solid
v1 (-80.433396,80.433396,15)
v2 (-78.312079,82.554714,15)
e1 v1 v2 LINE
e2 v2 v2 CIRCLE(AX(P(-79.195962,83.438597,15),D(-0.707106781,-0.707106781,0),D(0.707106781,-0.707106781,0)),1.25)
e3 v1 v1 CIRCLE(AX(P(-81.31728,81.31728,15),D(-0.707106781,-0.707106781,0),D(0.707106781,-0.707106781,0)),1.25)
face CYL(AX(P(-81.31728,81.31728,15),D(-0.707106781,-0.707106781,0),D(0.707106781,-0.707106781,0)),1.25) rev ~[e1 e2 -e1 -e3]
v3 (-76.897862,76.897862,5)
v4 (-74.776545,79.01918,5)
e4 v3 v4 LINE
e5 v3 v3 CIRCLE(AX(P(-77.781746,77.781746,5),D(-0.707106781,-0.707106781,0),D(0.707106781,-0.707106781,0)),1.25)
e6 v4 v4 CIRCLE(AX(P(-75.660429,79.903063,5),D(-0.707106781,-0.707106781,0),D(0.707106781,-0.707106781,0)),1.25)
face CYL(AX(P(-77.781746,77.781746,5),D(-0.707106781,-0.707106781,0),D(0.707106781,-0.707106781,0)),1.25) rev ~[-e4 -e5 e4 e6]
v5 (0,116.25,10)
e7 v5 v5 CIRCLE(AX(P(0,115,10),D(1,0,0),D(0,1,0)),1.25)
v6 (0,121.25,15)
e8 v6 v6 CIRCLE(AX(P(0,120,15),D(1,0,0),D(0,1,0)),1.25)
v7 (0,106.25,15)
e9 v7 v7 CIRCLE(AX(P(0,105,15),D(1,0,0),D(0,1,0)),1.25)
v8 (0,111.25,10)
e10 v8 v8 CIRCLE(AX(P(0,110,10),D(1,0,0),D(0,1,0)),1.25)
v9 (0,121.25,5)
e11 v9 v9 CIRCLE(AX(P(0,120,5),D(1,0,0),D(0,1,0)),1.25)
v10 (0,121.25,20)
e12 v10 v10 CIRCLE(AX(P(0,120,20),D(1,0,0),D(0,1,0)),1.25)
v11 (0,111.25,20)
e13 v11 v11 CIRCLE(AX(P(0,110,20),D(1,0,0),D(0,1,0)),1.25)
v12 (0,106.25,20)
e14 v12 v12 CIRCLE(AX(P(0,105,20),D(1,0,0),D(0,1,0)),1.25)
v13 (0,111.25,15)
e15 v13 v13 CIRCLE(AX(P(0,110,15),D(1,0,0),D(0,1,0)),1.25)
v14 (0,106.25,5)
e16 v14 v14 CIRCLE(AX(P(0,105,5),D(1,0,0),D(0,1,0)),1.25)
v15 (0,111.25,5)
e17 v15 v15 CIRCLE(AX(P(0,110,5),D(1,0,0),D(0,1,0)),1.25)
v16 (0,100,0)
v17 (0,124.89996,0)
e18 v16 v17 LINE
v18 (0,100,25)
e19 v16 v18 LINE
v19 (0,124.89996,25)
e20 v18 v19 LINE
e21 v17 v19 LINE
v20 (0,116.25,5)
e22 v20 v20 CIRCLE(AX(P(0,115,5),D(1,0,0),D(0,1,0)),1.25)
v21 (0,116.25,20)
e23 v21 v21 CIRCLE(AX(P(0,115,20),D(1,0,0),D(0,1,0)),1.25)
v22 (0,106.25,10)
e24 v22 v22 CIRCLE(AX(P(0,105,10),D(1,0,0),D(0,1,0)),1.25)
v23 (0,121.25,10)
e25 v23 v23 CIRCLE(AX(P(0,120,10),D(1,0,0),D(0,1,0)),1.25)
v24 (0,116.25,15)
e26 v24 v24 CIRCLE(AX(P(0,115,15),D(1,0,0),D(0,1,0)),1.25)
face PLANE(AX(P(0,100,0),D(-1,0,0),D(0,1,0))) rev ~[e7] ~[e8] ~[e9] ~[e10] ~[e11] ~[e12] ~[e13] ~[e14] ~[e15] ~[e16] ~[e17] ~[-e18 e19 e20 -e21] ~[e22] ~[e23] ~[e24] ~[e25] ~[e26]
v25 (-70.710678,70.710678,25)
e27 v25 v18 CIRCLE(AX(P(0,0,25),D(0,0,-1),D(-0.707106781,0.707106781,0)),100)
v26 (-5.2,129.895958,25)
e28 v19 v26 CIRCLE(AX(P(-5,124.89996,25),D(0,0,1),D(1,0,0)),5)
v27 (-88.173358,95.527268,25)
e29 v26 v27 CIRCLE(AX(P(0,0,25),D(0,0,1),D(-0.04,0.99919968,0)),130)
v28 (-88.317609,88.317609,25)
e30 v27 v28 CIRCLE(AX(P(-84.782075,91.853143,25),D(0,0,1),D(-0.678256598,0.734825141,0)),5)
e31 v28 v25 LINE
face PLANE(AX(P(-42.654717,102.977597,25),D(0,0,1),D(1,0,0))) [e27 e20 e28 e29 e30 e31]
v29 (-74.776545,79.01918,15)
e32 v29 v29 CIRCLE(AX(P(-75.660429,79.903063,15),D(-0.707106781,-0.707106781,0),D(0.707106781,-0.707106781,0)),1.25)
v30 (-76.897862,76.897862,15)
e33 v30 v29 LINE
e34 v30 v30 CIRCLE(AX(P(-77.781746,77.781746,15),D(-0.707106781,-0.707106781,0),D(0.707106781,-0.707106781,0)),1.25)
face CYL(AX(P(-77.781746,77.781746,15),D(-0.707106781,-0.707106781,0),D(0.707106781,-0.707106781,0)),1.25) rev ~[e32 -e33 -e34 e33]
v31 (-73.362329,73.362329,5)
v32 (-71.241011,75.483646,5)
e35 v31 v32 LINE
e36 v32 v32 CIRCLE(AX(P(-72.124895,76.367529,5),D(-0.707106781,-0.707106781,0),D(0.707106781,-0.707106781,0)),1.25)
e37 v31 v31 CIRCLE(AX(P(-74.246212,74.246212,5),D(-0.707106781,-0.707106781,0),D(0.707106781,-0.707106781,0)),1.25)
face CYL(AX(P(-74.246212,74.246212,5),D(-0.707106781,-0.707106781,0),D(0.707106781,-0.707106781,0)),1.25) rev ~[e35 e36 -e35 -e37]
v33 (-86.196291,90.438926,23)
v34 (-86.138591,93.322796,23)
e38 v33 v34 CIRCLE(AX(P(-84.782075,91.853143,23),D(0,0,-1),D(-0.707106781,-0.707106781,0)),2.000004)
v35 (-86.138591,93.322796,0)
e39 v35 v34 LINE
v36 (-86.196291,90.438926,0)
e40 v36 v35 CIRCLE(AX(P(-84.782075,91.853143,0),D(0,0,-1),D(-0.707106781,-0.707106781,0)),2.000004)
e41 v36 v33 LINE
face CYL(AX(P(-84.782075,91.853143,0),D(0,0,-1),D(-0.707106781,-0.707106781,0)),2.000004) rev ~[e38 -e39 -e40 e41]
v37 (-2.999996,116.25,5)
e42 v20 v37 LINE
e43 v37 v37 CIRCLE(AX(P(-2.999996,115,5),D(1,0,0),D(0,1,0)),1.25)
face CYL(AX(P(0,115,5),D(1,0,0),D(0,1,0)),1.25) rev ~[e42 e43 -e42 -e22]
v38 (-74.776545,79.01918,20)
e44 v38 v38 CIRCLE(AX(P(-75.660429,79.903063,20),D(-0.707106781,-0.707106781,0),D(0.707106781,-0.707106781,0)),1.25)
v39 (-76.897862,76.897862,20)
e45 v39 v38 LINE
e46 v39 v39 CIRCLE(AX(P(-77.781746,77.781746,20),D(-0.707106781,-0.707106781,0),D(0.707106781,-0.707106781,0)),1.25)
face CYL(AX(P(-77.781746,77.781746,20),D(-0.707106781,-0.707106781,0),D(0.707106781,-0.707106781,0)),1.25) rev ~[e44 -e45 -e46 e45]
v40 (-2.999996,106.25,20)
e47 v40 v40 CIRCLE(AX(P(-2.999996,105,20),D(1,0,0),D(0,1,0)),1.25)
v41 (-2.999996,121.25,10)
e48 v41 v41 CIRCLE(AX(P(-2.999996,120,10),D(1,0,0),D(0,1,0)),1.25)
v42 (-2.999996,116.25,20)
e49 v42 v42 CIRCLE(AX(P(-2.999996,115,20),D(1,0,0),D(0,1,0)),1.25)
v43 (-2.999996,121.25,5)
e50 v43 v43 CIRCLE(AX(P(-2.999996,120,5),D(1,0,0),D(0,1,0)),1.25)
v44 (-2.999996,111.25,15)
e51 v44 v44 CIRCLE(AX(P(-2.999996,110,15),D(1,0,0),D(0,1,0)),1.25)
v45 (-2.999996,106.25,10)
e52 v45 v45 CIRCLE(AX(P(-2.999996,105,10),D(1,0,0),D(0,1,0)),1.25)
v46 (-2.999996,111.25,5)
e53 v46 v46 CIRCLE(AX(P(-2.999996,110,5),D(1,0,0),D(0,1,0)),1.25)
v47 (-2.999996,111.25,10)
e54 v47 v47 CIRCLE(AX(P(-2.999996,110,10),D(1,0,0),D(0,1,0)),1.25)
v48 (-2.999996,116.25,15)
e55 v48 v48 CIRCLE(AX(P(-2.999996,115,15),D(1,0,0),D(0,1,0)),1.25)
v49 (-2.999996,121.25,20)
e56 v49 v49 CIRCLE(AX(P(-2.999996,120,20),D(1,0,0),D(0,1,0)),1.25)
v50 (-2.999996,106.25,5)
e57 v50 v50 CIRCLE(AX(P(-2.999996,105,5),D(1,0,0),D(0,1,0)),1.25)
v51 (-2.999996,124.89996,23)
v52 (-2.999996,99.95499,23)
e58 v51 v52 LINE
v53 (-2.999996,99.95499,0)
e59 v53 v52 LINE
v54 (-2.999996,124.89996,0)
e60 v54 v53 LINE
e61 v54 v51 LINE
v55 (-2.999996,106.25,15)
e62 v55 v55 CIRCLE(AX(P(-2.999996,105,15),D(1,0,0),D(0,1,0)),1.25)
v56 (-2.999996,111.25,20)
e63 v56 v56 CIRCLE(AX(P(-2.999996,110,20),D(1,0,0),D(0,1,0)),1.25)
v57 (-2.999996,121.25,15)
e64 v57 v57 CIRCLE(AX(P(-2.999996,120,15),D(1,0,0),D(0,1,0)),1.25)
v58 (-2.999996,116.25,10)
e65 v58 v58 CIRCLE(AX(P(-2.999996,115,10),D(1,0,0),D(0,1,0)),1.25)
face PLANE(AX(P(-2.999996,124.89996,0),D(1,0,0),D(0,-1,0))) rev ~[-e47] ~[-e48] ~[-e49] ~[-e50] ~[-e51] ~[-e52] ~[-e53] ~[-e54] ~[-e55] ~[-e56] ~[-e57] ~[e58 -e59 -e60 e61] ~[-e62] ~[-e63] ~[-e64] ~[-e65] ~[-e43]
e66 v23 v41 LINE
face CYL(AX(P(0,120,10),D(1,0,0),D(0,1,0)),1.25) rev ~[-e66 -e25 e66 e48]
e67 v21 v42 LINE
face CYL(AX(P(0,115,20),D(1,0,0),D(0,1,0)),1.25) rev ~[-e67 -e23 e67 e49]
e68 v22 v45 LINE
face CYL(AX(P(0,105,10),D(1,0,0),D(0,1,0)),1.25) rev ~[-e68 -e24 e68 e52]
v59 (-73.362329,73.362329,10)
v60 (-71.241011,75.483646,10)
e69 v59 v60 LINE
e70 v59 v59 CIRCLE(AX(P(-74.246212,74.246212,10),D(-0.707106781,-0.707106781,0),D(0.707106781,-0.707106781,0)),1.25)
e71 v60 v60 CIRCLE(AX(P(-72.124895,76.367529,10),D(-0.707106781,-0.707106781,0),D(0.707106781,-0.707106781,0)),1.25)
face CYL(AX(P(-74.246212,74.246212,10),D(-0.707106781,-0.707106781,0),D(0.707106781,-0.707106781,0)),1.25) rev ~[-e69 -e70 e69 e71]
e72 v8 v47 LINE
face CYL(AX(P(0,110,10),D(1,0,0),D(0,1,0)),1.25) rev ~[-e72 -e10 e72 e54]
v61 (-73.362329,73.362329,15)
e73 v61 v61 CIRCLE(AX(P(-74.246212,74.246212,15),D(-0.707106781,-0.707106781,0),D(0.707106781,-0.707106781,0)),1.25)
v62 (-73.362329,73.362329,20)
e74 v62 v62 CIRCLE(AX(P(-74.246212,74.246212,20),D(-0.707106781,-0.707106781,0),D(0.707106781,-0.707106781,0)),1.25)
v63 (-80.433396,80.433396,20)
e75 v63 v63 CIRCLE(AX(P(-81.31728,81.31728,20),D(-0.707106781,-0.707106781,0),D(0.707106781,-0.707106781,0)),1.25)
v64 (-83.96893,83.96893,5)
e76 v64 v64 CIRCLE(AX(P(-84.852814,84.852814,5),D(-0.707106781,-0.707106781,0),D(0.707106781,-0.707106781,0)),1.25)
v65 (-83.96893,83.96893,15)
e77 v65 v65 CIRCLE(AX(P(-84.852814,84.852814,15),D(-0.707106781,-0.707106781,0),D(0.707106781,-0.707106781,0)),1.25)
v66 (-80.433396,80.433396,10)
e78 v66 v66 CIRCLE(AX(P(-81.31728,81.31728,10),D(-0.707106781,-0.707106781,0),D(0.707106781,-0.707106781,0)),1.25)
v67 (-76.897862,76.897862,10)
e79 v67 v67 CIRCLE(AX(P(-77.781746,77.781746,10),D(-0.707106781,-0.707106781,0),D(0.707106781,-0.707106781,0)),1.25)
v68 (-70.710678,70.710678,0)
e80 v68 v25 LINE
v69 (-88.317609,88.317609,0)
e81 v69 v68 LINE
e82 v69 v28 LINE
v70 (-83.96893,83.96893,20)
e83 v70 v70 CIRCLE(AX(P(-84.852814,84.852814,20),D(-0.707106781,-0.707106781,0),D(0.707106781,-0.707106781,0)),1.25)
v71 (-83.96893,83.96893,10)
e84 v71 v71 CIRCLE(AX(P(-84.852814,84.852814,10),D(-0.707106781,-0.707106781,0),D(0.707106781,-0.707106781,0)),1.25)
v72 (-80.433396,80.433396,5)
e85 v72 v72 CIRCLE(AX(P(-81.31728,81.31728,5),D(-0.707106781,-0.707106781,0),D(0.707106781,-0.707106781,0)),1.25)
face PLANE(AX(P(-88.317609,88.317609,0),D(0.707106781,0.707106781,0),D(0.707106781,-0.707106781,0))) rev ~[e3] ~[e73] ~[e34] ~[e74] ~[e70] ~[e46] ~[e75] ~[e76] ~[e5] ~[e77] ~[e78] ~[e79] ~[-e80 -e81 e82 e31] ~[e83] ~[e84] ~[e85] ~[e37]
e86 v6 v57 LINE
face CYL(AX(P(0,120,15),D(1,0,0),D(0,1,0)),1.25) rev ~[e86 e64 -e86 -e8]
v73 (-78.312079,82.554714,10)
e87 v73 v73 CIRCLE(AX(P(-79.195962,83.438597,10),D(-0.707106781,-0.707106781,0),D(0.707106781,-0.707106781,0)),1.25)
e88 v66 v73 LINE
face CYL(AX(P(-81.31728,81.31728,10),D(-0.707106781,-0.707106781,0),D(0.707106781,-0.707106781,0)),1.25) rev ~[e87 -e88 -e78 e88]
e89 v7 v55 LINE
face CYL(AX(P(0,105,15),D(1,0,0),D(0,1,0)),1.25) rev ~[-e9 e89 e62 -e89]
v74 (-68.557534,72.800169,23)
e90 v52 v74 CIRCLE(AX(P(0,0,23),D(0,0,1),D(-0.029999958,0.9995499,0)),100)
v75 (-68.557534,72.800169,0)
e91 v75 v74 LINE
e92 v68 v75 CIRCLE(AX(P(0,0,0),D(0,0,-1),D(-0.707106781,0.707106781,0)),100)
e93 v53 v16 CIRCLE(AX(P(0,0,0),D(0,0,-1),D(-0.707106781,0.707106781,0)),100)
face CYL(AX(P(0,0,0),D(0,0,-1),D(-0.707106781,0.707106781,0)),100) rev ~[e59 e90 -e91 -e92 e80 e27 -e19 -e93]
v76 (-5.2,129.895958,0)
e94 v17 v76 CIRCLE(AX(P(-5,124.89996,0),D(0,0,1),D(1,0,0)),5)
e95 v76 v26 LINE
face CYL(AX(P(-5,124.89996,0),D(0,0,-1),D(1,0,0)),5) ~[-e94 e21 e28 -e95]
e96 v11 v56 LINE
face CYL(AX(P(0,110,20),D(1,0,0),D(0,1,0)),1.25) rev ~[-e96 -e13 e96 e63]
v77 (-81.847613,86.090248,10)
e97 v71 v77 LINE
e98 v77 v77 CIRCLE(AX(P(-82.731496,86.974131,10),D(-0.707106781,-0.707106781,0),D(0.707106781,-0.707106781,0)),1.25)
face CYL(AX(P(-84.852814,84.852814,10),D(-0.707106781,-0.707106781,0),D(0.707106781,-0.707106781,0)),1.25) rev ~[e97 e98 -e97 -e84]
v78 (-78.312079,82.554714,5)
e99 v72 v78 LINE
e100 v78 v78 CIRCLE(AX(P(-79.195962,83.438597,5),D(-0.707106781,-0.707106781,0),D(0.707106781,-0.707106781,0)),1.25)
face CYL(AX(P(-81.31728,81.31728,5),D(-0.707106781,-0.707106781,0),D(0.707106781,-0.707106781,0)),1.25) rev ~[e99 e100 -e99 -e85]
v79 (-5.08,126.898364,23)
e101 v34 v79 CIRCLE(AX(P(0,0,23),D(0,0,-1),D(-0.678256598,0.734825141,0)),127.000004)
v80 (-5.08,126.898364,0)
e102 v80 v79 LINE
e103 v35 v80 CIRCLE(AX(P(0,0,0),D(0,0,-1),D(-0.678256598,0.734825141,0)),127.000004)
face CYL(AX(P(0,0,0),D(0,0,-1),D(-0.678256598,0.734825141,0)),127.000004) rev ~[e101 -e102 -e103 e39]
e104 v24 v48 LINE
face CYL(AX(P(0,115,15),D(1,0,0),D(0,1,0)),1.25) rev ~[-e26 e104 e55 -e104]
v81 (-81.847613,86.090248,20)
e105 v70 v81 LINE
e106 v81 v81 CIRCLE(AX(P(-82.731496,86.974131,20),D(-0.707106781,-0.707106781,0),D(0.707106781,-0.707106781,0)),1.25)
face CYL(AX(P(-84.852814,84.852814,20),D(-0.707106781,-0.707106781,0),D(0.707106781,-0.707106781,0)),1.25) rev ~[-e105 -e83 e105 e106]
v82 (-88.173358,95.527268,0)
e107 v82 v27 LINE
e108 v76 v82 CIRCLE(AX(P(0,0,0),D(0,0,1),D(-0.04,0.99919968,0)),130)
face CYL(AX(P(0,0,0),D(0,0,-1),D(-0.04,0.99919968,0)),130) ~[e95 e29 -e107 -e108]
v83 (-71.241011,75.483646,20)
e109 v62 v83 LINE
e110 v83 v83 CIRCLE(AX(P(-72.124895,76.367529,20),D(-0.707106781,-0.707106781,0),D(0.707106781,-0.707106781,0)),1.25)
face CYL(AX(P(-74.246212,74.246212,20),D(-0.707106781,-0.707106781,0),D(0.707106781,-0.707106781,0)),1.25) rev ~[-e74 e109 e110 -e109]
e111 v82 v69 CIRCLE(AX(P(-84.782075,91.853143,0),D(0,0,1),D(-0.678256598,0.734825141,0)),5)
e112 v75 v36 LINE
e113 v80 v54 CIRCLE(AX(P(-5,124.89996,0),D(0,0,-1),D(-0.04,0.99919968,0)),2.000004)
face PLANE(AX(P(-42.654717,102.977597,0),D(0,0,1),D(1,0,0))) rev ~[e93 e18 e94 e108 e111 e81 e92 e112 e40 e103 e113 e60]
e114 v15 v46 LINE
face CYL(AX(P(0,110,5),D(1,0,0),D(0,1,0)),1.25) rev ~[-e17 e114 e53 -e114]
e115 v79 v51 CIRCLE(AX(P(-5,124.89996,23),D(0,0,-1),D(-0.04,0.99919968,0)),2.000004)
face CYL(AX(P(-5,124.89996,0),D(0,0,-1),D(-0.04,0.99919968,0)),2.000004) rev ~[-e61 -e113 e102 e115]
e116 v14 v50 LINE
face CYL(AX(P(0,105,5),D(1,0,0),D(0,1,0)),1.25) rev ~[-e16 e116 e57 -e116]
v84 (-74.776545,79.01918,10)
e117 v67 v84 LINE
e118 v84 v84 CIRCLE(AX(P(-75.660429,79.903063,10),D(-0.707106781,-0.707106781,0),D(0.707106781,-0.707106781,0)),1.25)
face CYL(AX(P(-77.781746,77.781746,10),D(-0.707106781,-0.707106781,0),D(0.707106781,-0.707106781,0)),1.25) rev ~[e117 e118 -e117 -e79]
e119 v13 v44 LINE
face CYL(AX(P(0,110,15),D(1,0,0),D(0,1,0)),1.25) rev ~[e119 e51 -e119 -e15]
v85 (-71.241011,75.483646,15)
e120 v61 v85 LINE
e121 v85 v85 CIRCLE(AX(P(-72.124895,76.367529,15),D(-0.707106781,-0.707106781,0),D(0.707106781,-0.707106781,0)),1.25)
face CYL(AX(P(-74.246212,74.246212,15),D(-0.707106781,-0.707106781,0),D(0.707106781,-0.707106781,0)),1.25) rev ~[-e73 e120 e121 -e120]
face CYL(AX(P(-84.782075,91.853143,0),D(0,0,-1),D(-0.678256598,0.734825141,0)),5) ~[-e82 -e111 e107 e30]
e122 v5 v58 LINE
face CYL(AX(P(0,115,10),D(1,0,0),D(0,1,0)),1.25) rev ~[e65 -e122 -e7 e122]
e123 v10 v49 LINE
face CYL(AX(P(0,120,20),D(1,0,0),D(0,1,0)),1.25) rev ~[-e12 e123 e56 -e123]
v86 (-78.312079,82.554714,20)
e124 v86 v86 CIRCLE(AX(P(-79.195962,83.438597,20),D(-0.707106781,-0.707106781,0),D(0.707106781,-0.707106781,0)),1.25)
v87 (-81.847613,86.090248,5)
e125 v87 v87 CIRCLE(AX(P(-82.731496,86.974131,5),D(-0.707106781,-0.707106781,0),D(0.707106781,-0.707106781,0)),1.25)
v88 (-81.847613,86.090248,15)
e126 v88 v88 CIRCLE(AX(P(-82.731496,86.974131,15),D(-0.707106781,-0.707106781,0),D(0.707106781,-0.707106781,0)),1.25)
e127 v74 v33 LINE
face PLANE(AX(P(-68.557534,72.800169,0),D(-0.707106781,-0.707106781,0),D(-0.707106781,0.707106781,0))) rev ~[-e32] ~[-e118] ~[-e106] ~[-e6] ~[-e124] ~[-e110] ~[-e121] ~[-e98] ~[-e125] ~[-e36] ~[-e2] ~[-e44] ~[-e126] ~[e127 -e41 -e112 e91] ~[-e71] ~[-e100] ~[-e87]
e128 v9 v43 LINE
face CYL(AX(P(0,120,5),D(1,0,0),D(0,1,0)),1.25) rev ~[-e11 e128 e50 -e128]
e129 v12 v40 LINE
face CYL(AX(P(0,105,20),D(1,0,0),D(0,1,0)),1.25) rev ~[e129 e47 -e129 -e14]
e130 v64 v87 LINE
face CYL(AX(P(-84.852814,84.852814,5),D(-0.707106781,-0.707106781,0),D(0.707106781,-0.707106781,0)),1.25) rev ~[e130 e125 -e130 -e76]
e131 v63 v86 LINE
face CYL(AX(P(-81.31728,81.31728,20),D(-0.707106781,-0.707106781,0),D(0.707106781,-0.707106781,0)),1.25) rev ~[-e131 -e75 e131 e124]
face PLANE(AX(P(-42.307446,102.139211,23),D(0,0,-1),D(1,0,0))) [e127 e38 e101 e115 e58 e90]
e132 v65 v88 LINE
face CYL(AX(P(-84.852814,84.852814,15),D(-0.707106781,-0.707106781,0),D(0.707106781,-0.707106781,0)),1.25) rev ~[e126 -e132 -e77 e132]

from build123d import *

# Parameters (mm, degrees)
F1_DEPTH = 25
F3_DEPTH = 23
F4_R     = 1.25
F5_DEPTH = 3
F6_R     = 1.25
F7_DEPTH = 3


with BuildPart() as f1:
    # F0 (on Top) → F1 (new body)
    with BuildSketch(Plane.XY):
        with BuildLine():
            ThreePointArc((-70.7106781187, 70.7106781187), (-38.2683432365, 92.3879532511), (0, 100))
            Line((0, 100), (0, 124.899959968))
            ThreePointArc((0, 124.899959968), (-1.5358983849, 128.5055112434), (-5.2, 129.8959583667))
            ThreePointArc((-5.2, 129.8959583667), (-49.7488462075, 120.1043392265), (-88.1733577476, 95.527268272))
            ThreePointArc((-88.1733577476, 95.527268272), (-89.7810742569, 91.9531625832), (-88.3176086633, 88.3176086633))
            Line((-88.3176086633, 88.3176086633), (-70.7106781187, 70.7106781187))
        make_face()
    extrude(amount=F1_DEPTH)

    # F2 (on face) → F3 (cut)
    with BuildSketch(Plane(origin=(0, 0, 0), x_dir=(1, 0, 0), z_dir=(0, 0, -1))):
        with BuildLine():
            ThreePointArc((-86.1962913084, -90.4389260182), (-86.7816787829, -91.8931506594), (-86.1385908202, -93.3227959561))
            ThreePointArc((-86.1385908202, -93.3227959561), (-48.6007975278, -117.3327045338), (-5.0800001691, -126.8983635506))
            ThreePointArc((-5.0800001691, -126.8983635506), (-3.6143564257, -126.342183526), (-2.9999957734, -124.899959968))
            Line((-2.9999957734, -124.899959968), (-2.9999957734, -102.9562973047))
            Line((-2.9999957734, -102.9562973047), (-2.9999957734, -99.9549899973))
            ThreePointArc((-2.9999957734, -99.9549899973), (-38.2683432365, -92.3879532511), (-68.5575338856, -72.8001685954))
            Line((-68.5575338856, -72.8001685954), (-70.6797786351, -74.9224133449))
            Line((-70.6797786351, -74.9224133449), (-86.1962913084, -90.4389260182))
        make_face()
    extrude(amount=-F3_DEPTH, mode=Mode.SUBTRACT)

    # F4 (on face) → F5 (cut)
    with BuildSketch(Plane(origin=(0, 0, 0), x_dir=(0.7071067812, -0.7071067812, 0), z_dir=(-0.7071067812, -0.7071067812, 0))):
        with Locations((-105, 20)):
            Circle(F4_R)
        with Locations((-105, 15)):
            Circle(F4_R)
        with Locations((-105, 10)):
            Circle(F4_R)
        with Locations((-105, 5)):
            Circle(F4_R)
        with Locations((-110, 20)):
            Circle(F4_R)
        with Locations((-110, 15)):
            Circle(F4_R)
        with Locations((-110, 10)):
            Circle(F4_R)
        with Locations((-110, 5)):
            Circle(F4_R)
        with Locations((-115, 20)):
            Circle(F4_R)
        with Locations((-115, 15)):
            Circle(F4_R)
        with Locations((-115, 10)):
            Circle(F4_R)
        with Locations((-115, 5)):
            Circle(F4_R)
        with Locations((-120, 20)):
            Circle(F4_R)
        with Locations((-120, 15)):
            Circle(F4_R)
        with Locations((-120, 10)):
            Circle(F4_R)
        with Locations((-120, 5)):
            Circle(F4_R)
    extrude(amount=-F5_DEPTH, mode=Mode.SUBTRACT)

    # F6 (on face) → F7 (cut)
    with BuildSketch(Plane.YZ):
        with Locations((105, 20)):
            Circle(F6_R)
        with Locations((105, 15)):
            Circle(F6_R)
        with Locations((105, 10)):
            Circle(F6_R)
        with Locations((105, 5)):
            Circle(F6_R)
        with Locations((110, 20)):
            Circle(F6_R)
        with Locations((110, 15)):
            Circle(F6_R)
        with Locations((110, 10)):
            Circle(F6_R)
        with Locations((110, 5)):
            Circle(F6_R)
        with Locations((115, 20)):
            Circle(F6_R)
        with Locations((115, 15)):
            Circle(F6_R)
        with Locations((115, 10)):
            Circle(F6_R)
        with Locations((115, 5)):
            Circle(F6_R)
        with Locations((120, 20)):
            Circle(F6_R)
        with Locations((120, 15)):
            Circle(F6_R)
        with Locations((120, 10)):
            Circle(F6_R)
        with Locations((120, 5)):
            Circle(F6_R)
    extrude(amount=-F7_DEPTH, mode=Mode.SUBTRACT)


solid = f1.part
